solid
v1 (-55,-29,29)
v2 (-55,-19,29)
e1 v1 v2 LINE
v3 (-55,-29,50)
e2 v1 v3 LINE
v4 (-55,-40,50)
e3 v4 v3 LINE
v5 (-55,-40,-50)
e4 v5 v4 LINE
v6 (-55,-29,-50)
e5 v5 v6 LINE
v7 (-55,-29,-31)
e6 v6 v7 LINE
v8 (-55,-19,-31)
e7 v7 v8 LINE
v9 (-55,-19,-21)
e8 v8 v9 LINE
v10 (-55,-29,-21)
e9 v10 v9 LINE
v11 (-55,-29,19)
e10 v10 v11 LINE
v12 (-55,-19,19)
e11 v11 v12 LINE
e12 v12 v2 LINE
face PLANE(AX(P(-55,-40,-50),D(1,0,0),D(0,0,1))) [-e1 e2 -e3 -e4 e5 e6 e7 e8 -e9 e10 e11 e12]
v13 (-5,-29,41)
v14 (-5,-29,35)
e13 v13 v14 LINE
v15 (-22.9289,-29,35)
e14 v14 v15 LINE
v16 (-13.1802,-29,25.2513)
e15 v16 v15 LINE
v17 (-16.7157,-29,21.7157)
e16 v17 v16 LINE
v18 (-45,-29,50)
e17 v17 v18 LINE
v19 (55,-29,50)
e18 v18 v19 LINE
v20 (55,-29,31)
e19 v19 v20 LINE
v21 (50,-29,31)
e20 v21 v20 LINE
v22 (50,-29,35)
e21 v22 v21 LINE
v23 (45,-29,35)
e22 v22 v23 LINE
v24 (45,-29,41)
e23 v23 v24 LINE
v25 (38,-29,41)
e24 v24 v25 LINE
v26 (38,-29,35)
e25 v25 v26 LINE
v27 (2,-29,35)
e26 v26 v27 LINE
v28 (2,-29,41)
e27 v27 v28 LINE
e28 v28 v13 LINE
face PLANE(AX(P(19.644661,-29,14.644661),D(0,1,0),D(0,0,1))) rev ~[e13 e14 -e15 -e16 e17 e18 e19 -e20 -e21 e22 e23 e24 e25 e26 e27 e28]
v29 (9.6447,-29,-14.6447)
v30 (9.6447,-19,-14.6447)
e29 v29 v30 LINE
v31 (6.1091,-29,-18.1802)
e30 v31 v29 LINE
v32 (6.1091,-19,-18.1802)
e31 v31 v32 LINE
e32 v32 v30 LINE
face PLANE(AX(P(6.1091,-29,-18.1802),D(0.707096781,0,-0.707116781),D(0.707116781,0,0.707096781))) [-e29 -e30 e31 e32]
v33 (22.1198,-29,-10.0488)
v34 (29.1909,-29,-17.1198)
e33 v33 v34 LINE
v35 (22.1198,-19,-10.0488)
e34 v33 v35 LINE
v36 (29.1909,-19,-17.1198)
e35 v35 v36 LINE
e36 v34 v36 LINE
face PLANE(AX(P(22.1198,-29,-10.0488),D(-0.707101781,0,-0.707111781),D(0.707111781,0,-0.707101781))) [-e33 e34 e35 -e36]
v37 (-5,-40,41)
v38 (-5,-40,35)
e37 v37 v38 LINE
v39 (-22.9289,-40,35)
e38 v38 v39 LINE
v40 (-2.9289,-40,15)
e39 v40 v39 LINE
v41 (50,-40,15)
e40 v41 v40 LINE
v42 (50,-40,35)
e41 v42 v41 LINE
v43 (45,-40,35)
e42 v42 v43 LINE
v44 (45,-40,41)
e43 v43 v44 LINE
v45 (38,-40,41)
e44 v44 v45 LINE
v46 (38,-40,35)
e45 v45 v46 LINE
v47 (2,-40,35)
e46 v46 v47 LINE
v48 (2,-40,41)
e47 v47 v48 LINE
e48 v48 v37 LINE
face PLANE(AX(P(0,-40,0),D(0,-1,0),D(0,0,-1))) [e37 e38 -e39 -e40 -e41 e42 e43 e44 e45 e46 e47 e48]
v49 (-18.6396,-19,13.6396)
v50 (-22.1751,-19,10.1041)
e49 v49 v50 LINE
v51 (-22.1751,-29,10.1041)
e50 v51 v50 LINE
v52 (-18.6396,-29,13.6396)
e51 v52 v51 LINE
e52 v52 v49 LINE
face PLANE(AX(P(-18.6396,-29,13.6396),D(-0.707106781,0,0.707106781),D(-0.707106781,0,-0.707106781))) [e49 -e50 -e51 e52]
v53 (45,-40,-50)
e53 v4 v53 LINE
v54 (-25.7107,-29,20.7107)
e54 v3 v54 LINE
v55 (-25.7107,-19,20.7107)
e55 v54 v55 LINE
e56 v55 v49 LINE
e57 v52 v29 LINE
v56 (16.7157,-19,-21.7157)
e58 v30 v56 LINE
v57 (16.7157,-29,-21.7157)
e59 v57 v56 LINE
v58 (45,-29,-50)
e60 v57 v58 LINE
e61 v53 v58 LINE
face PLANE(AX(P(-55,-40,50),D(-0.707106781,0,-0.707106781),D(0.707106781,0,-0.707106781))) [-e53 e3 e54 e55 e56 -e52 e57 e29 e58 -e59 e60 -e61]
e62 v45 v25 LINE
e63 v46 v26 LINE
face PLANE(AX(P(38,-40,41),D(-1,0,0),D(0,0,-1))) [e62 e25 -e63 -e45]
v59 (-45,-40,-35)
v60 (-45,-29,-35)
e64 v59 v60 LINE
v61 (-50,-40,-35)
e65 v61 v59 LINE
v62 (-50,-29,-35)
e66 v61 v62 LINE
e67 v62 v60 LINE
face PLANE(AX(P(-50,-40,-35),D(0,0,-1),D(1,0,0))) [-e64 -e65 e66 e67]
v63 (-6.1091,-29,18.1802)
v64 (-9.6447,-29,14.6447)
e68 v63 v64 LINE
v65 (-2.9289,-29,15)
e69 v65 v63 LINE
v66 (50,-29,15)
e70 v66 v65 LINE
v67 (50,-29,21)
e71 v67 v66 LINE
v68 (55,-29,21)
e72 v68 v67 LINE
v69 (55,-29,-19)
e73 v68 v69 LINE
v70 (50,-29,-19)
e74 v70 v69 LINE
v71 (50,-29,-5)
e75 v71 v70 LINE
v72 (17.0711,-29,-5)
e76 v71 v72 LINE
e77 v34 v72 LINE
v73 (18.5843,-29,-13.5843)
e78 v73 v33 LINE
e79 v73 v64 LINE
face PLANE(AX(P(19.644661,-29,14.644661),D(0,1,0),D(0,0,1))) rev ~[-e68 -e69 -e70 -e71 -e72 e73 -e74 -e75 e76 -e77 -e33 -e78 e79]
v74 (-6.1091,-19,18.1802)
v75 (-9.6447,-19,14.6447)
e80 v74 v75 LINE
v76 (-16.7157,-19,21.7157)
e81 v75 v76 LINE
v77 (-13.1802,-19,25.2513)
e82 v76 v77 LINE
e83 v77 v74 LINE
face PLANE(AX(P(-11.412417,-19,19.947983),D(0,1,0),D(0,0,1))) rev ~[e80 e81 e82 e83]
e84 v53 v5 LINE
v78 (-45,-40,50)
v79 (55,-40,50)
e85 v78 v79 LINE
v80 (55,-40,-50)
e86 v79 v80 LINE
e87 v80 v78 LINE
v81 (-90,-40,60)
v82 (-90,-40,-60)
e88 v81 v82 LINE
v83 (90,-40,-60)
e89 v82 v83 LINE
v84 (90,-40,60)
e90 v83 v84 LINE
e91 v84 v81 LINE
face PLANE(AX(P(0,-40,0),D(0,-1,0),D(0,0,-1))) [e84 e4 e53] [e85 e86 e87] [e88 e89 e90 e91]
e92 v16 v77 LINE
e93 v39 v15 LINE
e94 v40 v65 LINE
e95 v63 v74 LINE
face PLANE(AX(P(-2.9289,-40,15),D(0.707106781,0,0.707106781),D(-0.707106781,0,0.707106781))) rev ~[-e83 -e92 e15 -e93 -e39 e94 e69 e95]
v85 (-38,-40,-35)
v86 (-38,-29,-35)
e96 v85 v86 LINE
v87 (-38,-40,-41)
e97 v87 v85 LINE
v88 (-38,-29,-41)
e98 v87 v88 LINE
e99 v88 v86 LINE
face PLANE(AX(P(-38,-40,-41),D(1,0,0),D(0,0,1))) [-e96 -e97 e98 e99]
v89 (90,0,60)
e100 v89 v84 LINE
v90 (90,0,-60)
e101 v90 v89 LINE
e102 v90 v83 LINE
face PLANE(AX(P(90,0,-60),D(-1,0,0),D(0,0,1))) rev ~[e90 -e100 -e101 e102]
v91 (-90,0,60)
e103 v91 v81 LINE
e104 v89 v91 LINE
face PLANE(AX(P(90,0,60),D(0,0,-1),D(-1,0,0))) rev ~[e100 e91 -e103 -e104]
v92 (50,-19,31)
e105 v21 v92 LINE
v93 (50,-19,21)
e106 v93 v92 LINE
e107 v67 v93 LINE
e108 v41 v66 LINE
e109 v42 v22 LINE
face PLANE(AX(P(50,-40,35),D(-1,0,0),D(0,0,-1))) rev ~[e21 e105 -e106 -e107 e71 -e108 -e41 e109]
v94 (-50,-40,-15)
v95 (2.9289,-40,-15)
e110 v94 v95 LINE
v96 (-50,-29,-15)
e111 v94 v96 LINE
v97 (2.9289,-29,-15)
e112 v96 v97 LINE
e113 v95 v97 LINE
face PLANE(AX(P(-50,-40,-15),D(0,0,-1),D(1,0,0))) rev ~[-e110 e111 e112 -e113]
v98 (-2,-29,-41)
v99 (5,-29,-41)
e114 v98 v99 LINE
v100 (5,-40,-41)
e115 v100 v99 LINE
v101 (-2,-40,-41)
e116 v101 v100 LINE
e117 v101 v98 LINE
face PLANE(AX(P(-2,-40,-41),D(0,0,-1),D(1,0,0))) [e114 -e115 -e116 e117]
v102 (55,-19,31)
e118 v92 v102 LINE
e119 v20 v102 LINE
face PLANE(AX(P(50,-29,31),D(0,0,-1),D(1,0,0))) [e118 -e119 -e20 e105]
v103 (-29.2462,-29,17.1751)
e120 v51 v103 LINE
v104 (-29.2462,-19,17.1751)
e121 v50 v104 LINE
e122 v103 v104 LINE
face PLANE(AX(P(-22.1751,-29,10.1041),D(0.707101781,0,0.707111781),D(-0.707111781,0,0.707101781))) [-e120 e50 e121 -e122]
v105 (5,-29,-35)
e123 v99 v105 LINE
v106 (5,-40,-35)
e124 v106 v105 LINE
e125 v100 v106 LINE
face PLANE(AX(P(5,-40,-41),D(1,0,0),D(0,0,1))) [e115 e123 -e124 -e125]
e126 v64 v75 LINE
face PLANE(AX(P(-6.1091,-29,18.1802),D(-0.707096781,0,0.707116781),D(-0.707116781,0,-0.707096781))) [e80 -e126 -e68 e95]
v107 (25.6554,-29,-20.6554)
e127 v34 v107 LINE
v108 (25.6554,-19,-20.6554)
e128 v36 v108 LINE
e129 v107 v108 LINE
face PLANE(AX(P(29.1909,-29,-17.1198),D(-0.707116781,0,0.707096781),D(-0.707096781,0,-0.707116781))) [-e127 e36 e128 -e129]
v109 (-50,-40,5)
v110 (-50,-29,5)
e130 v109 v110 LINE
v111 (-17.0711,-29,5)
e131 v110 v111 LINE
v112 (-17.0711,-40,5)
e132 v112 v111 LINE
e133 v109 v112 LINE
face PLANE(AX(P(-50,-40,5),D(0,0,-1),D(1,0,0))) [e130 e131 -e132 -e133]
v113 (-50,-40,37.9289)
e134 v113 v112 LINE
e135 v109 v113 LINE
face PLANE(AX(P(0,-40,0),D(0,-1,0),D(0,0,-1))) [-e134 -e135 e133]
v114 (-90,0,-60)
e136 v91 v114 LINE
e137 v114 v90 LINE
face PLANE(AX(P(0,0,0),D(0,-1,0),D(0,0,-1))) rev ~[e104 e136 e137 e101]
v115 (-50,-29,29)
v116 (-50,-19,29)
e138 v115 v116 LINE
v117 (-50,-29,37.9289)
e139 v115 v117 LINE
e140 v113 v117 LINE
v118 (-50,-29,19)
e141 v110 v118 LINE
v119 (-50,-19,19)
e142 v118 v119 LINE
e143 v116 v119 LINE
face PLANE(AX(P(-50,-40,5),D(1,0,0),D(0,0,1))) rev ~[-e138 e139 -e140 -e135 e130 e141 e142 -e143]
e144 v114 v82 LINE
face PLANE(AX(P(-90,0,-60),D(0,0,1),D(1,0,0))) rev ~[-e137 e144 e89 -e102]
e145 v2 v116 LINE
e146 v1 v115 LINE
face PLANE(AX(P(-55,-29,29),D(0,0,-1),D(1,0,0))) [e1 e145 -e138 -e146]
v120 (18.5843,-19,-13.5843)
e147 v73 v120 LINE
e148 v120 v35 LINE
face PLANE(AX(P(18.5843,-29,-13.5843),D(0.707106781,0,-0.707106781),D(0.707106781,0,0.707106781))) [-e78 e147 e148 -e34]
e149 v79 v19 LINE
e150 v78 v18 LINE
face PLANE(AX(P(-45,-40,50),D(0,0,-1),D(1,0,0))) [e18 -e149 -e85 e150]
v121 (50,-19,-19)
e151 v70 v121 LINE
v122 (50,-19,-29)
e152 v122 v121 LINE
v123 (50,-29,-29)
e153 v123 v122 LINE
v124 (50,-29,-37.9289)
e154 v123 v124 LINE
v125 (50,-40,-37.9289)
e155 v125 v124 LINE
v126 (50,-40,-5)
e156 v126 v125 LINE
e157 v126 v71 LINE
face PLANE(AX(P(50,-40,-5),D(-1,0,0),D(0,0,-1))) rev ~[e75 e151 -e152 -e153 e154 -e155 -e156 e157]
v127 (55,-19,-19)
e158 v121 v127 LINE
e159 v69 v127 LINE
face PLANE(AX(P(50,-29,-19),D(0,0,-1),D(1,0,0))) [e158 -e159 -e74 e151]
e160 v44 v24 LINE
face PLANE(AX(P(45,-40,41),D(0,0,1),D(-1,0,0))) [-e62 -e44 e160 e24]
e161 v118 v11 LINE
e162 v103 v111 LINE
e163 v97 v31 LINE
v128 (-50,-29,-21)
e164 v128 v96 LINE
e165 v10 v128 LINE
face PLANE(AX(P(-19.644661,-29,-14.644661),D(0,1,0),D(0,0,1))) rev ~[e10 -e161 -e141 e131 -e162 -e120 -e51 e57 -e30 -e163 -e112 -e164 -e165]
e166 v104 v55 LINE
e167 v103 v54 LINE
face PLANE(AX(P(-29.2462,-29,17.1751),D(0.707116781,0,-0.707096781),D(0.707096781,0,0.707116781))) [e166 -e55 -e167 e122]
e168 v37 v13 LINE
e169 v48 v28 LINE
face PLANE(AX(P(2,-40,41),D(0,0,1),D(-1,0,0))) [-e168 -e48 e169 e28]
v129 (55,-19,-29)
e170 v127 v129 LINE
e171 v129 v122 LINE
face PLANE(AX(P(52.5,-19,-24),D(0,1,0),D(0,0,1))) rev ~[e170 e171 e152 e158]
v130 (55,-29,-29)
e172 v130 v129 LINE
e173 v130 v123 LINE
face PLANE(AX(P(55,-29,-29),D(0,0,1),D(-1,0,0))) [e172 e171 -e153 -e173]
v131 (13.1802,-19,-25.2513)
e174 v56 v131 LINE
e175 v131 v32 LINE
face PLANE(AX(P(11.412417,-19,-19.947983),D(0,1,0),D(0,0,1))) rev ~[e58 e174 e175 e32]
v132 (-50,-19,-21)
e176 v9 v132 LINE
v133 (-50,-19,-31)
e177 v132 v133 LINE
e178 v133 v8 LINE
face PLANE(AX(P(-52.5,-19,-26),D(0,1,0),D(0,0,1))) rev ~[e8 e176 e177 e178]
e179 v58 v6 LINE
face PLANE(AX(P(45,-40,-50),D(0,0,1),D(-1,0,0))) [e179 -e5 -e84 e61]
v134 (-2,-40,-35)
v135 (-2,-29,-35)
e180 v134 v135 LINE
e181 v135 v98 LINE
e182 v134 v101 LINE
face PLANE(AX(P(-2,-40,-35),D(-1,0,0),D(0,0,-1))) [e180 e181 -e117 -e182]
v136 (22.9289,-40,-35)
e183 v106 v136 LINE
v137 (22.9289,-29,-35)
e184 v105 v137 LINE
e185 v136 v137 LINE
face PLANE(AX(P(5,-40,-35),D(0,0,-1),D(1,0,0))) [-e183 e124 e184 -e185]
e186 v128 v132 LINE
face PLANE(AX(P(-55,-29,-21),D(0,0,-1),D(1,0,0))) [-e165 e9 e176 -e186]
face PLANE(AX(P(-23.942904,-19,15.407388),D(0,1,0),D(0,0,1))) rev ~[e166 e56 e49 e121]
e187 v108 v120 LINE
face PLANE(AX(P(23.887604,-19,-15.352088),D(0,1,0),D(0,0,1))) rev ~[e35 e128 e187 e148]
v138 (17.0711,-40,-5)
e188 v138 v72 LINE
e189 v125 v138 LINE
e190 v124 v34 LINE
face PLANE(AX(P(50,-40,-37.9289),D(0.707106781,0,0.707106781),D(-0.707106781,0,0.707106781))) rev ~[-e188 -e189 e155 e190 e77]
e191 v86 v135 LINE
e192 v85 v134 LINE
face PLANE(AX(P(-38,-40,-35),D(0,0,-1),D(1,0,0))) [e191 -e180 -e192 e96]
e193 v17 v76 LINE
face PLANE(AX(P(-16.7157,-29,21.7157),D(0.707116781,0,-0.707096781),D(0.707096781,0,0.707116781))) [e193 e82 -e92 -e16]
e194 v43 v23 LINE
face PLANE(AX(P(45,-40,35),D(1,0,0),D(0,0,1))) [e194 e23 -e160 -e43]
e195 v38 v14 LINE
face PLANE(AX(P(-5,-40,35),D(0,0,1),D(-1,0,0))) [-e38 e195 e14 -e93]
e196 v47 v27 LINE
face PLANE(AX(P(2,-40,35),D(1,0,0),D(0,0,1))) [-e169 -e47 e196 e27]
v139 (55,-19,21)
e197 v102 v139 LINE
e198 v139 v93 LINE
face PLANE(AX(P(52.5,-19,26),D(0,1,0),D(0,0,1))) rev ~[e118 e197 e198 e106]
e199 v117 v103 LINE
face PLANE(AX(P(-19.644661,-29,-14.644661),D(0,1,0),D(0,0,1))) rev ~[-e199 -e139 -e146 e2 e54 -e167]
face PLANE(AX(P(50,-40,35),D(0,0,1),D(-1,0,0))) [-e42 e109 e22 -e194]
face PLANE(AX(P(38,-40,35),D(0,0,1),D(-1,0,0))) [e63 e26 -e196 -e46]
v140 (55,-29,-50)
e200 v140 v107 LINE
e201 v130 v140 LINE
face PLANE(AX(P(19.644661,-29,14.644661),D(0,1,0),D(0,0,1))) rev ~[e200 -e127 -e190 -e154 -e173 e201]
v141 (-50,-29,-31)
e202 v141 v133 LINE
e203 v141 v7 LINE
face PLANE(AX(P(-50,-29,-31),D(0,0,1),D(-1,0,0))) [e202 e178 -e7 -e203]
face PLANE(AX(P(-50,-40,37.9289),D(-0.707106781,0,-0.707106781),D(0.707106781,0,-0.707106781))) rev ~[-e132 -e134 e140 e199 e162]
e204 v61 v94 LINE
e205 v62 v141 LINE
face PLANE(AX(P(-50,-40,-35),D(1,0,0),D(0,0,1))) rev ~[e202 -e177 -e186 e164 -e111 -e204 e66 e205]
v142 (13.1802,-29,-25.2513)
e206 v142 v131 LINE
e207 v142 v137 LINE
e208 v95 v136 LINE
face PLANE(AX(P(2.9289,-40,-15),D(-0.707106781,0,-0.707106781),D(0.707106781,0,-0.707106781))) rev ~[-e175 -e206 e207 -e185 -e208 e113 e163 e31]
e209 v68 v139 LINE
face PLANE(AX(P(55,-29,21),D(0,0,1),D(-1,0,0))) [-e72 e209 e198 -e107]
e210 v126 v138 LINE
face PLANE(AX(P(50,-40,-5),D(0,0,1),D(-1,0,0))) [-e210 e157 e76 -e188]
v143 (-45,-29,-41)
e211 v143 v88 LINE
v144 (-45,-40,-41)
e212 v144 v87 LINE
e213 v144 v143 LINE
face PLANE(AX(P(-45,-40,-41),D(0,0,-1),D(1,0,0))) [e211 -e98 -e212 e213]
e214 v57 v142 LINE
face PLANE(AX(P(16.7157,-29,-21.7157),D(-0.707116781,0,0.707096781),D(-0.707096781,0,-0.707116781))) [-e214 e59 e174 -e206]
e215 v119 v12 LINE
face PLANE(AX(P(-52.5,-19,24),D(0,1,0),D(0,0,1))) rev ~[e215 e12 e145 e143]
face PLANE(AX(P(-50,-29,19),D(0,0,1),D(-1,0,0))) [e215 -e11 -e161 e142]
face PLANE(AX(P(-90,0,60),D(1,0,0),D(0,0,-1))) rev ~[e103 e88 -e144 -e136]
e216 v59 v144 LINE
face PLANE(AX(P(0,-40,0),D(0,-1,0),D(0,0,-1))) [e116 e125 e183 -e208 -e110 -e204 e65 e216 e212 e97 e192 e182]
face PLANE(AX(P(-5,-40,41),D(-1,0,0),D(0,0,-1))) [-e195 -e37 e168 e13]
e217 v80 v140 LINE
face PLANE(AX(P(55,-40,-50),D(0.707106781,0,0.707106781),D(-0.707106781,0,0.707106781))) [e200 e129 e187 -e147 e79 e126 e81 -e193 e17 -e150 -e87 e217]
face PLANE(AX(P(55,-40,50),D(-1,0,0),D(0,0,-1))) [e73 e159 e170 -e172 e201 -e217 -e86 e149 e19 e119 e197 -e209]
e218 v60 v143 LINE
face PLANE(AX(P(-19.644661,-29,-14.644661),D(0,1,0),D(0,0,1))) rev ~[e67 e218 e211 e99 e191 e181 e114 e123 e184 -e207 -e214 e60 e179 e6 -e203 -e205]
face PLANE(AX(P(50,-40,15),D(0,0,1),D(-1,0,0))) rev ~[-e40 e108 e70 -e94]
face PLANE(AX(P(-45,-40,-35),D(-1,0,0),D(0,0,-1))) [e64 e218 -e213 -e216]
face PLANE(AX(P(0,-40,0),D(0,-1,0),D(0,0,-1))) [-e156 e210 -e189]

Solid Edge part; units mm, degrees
sketch "Sketch1" plane through (0, 0, 0) normal (0, -1, 0) x (1, 0, 0)
  line L0 (90, -60) -> (90, 60)
  line L1 (90, 60) -> (-90, 60)
  line L2 (-90, 60) -> (-90, -60)
  line L3 (-90, -60) -> (90, -60)
extrude "Protrusion1" add sketch "Sketch1" along normal blind 40
sketch "Sketch2" plane through (0, -40, 0) normal (0, -1, 0) x (1, 0, 0)
  line L0 (-55, 50) -> (45, -50)
  line L1 (45, -50) -> (-55, -50)
  line L2 (-55, -50) -> (-55, 50)
  line L3 (-50, 37.9289) -> (-17.0711, 5)
  line L4 (-50, 5) -> (-17.0711, 5)
  line L5 (-50, 5) -> (-50, 37.9289)
  line L6 (-50, -15) -> (2.9289, -15)
  line L7 (2.9289, -15) -> (22.9289, -35)
  line L8 (5, -35) -> (22.9289, -35)
  line L9 (5, -41) -> (5, -35)
  line L10 (-2, -41) -> (5, -41)
  line L11 (-2, -35) -> (-2, -41)
  line L12 (-38, -35) -> (-2, -35)
  line L13 (-38, -41) -> (-38, -35)
  line L14 (-45, -41) -> (-38, -41)
  line L15 (-45, -35) -> (-45, -41)
  line L16 (-50, -35) -> (-45, -35)
  line L17 (-50, -35) -> (-50, -15)
  line L18 (55, -50) -> (-45, 50)
  line L19 (-45, 50) -> (55, 50)
  line L20 (55, 50) -> (55, -50)
  line L21 (-2.9289, 15) -> (-22.9289, 35)
  line L22 (-5, 35) -> (-22.9289, 35)
  line L23 (-5, 41) -> (-5, 35)
  line L24 (2, 41) -> (-5, 41)
  line L25 (2, 35) -> (2, 41)
  line L26 (38, 35) -> (2, 35)
  line L27 (38, 41) -> (38, 35)
  line L28 (45, 41) -> (38, 41)
  line L29 (45, 35) -> (45, 41)
  line L30 (50, 35) -> (45, 35)
  line L31 (50, 35) -> (50, 15)
  line L32 (50, 15) -> (-2.9289, 15)
  line L33 (50, -5) -> (17.0711, -5)
  line L34 (50, -37.9289) -> (17.0711, -5)
  line L35 (50, -5) -> (50, -37.9289)
  dimension "D1" = 100
  dimension "D2" = 15
  dimension "D3" = 6
  dimension "D4" = 10
  dimension "D5" = 7
  dimension "D6" = 20
  dimension "D7" = 20
  dimension "D8" = 5
  dimension "D9" = 6
  dimension "D10" = 7
  dimension "D11" = 40
  dimension "D12" = 100
  dimension "D13" = 15
  dimension "D14" = 6
  dimension "D15" = 10
  dimension "D16" = 7
  dimension "D17" = 20
  dimension "D18" = 20
  dimension "D19" = 5
  dimension "D20" = 6
  dimension "D21" = 7
  dimension "D22" = 40
  dimension "D23" = 35
  dimension "D24" = 10
  dimension "D25" = 35
  dimension "D26" = 10
extrude "VaciadoExtruido_1" cut sketch "Sketch2" against normal blind 11
sketch "Sketch3" plane through (-20, -29, 5) normal (0, -1, 0) x (1, 0, 0)
  line L0 (-35, 24) -> (-30, 24)
  line L1 (-30, 24) -> (-30, 14)
  line L2 (-30, 14) -> (-35, 14)
  line L3 (-35, 14) -> (-35, 24)
  line L4 (1.3604, 8.6396) -> (-2.1751, 5.1041)
  line L5 (-2.1751, 5.1041) -> (-9.2462, 12.1751)
  line L6 (-9.2462, 12.1751) -> (-5.7107, 15.7107)
  line L7 (-5.7107, 15.7107) -> (1.3604, 8.6396)
  line L8 (-35, -26) -> (-30, -26)
  line L9 (-30, -26) -> (-30, -36)
  line L10 (-30, -36) -> (-35, -36)
  line L11 (-35, -36) -> (-35, -26)
  line L12 (36.7157, -26.7157) -> (33.1802, -30.2513)
  line L13 (33.1802, -30.2513) -> (26.1091, -23.1802)
  line L14 (26.1091, -23.1802) -> (29.6447, -19.6447)
  line L15 (29.6447, -19.6447) -> (36.7157, -26.7157)
  line L16 (3.2843, 16.7157) -> (6.8198, 20.2513)
  line L17 (6.8198, 20.2513) -> (13.8909, 13.1802)
  line L18 (13.8909, 13.1802) -> (10.3553, 9.6447)
  line L19 (10.3553, 9.6447) -> (3.2843, 16.7157)
  line L20 (38.5843, -18.5843) -> (42.1198, -15.0488)
  line L21 (42.1198, -15.0488) -> (49.1909, -22.1198)
  line L22 (49.1909, -22.1198) -> (45.6554, -25.6554)
  line L23 (45.6554, -25.6554) -> (38.5843, -18.5843)
  line L24 (70, -24) -> (75, -24)
  line L25 (75, -24) -> (75, -34)
  line L26 (75, -34) -> (70, -34)
  line L27 (70, -34) -> (70, -24)
  line L28 (70, 26) -> (75, 26)
  line L29 (75, 26) -> (75, 16)
  line L30 (75, 16) -> (70, 16)
  line L31 (70, 16) -> (70, 26)
  dimension "D1" = 10
  dimension "D2" = 10
  dimension "D3" = 10
  dimension "D4" = 10
  dimension "D5" = 10
  dimension "D6" = 10
  dimension "D7" = 10
  dimension "D8" = 10
  dimension "D9" = 40
  dimension "D10" = 19
  dimension "D11" = 40
  dimension "D12" = 40
  dimension "D13" = 40
  dimension "D14" = 40
  dimension "D15" = 19
  dimension "D16" = 40
extrude "VaciadoExtruido_2" cut sketch "Sketch3" against normal blind 10
